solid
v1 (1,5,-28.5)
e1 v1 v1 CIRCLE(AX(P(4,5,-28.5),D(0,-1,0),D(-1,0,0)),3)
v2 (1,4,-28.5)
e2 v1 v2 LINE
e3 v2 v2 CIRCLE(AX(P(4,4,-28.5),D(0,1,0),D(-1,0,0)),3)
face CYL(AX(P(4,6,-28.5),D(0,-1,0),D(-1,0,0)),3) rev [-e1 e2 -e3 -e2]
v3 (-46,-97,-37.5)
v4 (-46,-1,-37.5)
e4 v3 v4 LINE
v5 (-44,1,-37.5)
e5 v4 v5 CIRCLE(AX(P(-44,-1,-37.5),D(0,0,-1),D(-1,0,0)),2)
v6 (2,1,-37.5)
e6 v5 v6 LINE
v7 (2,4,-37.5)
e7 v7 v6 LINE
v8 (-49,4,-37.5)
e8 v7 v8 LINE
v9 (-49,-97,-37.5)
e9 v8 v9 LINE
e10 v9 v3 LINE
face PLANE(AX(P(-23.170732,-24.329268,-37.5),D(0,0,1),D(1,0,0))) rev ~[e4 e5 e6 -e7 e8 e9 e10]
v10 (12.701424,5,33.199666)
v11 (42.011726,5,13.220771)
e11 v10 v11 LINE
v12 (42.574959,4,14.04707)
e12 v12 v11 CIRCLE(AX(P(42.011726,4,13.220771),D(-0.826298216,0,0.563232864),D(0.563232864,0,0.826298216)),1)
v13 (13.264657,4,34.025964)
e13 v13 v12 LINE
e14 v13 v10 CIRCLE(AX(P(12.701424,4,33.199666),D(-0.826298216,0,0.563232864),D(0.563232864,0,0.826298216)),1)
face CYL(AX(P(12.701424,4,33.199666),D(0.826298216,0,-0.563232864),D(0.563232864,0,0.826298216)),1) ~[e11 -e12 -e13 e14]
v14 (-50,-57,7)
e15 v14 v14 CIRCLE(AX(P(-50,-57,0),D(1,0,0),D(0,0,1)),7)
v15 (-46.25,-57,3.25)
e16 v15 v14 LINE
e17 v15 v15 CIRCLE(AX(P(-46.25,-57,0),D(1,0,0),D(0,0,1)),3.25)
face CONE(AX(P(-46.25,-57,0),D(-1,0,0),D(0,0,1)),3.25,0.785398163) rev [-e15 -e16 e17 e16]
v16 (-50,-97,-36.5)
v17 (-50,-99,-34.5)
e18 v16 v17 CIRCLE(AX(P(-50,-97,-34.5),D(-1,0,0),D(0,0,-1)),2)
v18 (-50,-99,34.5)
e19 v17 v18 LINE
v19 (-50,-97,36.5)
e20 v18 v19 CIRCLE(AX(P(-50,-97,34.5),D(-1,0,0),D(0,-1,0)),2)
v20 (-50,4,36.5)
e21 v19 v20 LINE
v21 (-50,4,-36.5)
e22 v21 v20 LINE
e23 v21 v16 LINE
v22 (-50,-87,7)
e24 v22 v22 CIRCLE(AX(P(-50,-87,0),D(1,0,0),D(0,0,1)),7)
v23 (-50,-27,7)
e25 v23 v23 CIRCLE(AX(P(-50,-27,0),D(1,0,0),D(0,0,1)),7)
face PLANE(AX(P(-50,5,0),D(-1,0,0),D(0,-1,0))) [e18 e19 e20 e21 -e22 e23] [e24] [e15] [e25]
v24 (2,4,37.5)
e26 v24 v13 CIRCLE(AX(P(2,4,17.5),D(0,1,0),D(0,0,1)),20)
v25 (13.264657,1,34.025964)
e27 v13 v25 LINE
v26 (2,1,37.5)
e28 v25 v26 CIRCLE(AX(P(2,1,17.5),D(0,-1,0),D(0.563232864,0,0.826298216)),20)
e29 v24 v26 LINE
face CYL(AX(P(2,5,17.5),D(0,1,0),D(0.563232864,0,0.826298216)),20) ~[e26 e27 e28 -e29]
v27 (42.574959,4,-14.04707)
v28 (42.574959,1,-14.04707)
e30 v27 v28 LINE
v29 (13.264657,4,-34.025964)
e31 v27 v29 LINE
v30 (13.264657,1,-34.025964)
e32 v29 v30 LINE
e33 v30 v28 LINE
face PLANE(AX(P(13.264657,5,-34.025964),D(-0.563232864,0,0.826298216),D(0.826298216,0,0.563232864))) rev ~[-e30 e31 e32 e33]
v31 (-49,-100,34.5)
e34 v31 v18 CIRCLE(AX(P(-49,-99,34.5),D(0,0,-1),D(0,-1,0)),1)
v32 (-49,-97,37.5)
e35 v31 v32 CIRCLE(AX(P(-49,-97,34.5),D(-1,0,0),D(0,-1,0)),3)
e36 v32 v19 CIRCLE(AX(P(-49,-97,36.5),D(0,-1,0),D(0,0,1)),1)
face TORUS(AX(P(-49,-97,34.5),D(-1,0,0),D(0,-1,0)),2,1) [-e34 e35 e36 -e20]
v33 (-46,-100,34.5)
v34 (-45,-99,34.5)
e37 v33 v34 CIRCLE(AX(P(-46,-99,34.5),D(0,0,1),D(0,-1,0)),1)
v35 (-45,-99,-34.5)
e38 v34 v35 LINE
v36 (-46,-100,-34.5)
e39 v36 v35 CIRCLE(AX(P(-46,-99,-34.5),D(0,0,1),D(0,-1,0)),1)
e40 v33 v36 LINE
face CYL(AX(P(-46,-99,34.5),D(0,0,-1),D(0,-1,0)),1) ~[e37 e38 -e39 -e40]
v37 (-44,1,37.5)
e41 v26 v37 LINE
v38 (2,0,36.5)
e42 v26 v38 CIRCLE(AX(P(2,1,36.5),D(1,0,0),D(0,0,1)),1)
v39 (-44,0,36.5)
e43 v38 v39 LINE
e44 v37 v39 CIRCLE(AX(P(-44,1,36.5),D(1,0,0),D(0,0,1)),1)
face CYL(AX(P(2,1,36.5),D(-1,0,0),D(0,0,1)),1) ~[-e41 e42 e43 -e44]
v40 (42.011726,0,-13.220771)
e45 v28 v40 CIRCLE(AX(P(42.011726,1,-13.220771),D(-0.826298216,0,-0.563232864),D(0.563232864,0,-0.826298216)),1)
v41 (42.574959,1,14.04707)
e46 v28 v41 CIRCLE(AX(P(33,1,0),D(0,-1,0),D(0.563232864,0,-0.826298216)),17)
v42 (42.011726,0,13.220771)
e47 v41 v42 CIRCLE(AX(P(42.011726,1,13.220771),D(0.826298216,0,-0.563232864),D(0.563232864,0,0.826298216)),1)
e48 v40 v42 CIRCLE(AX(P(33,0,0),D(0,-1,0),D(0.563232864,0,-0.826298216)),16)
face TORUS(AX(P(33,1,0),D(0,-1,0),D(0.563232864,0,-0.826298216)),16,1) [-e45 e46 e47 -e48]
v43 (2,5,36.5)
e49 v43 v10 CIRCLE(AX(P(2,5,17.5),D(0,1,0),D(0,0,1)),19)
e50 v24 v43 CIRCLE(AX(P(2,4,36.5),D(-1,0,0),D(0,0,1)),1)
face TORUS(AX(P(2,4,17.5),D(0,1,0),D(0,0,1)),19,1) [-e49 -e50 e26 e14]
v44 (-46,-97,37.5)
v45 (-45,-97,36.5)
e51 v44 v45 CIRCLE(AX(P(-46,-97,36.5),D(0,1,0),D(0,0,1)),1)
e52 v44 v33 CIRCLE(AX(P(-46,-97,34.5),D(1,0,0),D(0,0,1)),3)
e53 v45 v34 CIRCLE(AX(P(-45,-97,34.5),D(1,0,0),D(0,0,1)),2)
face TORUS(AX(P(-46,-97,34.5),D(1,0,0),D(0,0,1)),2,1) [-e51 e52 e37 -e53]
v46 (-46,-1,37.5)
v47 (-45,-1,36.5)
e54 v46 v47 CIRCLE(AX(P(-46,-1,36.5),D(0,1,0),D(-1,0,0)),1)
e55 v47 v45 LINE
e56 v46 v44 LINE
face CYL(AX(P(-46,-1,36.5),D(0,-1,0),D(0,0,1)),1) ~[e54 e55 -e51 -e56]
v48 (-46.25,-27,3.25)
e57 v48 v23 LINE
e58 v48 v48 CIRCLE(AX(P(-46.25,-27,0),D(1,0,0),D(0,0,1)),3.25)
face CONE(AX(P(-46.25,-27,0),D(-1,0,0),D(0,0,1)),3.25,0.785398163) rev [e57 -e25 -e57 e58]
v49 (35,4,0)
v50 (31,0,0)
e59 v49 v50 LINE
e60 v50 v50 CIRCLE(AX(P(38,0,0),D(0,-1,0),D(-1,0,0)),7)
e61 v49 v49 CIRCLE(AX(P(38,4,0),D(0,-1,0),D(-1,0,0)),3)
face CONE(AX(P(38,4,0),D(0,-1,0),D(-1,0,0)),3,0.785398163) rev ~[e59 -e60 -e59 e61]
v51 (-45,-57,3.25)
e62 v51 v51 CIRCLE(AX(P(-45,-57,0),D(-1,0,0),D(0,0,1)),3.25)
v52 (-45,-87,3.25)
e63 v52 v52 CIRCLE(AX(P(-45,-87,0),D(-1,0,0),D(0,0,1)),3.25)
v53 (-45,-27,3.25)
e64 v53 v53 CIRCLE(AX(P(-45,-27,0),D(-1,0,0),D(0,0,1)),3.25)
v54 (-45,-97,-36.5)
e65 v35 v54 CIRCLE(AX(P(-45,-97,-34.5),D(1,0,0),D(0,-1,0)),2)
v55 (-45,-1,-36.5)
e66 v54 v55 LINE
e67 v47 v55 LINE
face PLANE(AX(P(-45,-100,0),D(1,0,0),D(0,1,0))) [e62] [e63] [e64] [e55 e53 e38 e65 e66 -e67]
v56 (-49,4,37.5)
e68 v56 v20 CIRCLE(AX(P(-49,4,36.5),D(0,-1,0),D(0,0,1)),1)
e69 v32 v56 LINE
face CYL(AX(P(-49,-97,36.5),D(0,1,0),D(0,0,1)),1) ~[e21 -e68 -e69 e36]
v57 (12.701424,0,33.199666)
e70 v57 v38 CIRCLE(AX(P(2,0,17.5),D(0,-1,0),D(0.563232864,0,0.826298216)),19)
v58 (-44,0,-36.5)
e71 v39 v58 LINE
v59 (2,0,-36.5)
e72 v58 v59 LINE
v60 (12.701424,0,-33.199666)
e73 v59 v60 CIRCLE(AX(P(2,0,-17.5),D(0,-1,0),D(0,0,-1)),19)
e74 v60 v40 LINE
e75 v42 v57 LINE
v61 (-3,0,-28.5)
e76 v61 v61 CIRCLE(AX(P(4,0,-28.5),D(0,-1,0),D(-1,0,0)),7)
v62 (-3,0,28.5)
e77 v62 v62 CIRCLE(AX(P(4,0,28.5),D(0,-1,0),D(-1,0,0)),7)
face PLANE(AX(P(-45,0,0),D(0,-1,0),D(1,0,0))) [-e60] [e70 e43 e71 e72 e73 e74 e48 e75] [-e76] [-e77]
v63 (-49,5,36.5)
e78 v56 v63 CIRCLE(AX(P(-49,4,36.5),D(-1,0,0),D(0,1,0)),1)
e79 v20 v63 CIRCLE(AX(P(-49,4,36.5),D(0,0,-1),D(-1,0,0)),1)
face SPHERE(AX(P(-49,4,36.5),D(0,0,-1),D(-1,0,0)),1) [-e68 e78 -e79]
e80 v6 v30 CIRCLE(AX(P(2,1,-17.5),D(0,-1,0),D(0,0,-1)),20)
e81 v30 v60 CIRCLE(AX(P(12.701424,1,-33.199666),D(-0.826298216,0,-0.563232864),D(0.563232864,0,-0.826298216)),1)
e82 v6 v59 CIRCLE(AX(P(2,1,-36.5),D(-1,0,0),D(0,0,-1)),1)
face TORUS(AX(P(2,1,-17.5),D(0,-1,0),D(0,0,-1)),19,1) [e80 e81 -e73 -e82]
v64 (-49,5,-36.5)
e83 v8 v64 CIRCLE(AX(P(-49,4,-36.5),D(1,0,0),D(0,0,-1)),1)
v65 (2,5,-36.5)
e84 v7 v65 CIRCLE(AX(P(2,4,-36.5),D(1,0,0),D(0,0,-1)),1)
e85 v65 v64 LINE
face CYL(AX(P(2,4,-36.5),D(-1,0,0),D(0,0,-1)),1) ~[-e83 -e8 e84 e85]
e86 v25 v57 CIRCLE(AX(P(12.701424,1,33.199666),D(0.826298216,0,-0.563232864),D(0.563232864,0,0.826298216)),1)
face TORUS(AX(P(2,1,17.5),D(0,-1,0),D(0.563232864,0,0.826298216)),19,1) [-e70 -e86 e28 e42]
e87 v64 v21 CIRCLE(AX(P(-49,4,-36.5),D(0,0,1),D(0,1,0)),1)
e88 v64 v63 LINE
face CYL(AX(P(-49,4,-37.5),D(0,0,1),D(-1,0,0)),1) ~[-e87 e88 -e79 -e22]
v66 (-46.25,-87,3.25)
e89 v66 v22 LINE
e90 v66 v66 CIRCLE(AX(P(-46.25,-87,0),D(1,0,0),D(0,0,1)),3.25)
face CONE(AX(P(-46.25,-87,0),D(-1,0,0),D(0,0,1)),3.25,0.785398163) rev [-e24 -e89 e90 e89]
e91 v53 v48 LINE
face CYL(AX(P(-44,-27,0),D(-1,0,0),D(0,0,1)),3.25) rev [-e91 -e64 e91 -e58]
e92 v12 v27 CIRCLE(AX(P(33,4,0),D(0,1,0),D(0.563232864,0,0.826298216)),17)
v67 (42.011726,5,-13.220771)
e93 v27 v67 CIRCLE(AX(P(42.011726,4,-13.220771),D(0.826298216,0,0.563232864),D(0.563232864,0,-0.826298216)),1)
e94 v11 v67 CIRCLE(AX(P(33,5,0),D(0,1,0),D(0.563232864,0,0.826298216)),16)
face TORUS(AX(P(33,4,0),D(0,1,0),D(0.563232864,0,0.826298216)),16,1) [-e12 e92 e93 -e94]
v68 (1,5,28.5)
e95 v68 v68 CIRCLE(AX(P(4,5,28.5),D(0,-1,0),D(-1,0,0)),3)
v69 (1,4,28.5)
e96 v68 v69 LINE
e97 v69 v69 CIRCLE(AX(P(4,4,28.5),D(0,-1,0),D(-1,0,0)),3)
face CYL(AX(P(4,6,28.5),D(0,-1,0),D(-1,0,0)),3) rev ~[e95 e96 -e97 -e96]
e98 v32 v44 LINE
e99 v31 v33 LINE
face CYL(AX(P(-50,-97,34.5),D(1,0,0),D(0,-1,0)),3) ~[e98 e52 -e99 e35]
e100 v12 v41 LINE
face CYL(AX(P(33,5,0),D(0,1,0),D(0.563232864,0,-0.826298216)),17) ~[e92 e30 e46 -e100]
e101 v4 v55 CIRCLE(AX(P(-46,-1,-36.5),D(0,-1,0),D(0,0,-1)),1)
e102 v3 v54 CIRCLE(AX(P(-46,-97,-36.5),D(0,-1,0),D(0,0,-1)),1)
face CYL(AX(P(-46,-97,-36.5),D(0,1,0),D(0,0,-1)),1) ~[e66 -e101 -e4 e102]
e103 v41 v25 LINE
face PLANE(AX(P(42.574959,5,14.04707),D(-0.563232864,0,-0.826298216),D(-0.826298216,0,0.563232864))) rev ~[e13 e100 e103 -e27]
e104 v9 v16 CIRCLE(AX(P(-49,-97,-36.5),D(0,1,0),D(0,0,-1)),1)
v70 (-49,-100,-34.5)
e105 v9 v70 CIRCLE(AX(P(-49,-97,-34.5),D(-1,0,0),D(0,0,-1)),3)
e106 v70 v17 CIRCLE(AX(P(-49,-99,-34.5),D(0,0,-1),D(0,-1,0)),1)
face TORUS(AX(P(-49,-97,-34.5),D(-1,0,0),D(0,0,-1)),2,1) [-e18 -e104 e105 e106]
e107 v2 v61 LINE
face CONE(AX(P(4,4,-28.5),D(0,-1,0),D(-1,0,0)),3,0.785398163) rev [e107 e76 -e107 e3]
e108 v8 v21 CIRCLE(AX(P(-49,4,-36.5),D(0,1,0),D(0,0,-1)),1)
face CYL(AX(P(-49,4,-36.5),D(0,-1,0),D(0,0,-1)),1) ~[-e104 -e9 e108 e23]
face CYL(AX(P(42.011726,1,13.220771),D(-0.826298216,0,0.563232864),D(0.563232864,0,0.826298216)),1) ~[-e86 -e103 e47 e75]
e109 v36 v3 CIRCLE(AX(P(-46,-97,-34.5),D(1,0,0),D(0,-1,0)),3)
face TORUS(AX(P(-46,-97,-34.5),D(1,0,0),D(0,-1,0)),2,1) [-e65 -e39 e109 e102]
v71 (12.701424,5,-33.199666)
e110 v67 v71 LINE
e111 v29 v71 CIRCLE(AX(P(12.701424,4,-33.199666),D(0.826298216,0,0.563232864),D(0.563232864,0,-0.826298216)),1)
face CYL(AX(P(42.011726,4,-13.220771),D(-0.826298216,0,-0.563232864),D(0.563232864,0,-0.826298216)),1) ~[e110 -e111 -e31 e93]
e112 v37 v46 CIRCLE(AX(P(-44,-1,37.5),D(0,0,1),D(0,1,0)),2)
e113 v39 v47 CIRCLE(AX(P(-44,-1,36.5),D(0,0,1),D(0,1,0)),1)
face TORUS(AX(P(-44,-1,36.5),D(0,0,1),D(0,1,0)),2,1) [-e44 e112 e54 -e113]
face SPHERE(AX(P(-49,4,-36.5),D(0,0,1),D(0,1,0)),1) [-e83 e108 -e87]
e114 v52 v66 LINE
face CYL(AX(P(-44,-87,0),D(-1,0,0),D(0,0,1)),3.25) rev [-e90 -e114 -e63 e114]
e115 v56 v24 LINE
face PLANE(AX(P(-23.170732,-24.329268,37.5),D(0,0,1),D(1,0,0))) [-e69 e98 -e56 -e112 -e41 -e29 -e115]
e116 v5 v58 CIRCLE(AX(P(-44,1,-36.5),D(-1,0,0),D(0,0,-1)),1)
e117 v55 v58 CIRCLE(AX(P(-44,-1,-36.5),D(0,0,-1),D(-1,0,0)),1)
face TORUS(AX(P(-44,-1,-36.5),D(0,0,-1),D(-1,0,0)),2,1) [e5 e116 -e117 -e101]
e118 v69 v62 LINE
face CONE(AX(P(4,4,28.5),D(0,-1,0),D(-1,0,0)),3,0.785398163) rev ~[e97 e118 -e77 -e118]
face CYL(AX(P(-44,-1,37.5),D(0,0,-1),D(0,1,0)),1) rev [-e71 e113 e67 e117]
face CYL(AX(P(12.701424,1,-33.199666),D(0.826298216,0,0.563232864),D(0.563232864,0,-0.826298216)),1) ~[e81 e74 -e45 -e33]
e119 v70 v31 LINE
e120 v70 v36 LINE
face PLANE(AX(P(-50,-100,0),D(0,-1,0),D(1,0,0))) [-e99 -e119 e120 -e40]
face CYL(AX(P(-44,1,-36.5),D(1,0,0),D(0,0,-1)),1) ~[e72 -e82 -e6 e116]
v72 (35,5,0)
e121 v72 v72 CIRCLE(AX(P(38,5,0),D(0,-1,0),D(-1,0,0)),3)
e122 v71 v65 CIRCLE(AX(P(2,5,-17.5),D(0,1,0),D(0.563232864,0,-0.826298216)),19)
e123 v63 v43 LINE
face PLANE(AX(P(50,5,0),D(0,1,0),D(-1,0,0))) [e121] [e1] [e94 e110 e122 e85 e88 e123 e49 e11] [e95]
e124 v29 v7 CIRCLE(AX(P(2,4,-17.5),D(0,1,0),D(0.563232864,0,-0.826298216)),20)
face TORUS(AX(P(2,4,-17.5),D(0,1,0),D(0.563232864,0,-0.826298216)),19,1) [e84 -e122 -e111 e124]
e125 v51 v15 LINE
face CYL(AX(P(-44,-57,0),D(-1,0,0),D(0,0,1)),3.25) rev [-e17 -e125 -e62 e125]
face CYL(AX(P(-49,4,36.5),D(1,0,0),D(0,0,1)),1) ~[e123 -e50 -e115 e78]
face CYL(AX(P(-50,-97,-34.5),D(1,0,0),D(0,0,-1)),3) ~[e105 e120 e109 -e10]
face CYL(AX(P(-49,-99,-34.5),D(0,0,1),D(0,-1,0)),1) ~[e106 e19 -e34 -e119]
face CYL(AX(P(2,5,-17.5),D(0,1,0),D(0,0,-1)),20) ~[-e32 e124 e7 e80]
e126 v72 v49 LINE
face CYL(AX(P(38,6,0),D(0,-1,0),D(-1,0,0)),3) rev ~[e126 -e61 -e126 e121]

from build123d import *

# Parameters (mm, degrees)
BOSS_EXTRU_1_DEPTH         = 37.5
CONG_1_R                   = 1
CONG_2_R                   = 1
ENL_V_MAT_EXTRU_1_DEPTH    = 106
CONG_3_R                   = 3
CONG_4_R                   = 3
R_P_TITION_LIN_AIRE2_COUNT = 3
R_P_TITION_LIN_AIRE2_PITCH = 30
CONG_5_R                   = 1


with BuildPart() as part:
    # Esquisse1 → Boss.-Extru.1 (new body, symmetric)
    with BuildSketch(Plane.XY):
        Polygon((50, 0), (50, 5), (-50, 5), (-50, -100), (-45, -100), (-45, 0), align=None)
    extrude(amount=BOSS_EXTRU_1_DEPTH, both=True)

    # Congé1
    cong_1_edges = [part.edges().sort_by_distance(p)[0] for p in [
        (-50, 5, 0),
    ]]
    fillet(cong_1_edges, radius=CONG_1_R)

    # Congé2
    cong_2_edges = [part.edges().sort_by_distance(p)[0] for p in [
        (-45, 0, 0),
    ]]
    fillet(cong_2_edges, radius=CONG_2_R)

    # Esquisse2 → Enlèv. mat.-Extru.1 (cut, through all)
    with BuildSketch(Plane(origin=(0, 5, 0), x_dir=(1, 0, 0), z_dir=(0, 1, 0))):
        with BuildLine():
            Line((13.264657274, 34.025964314), (42.574958683, 14.047069667))
            ThreePointArc((42.574958683, 14.047069667), (50, 0), (42.574958683, -14.047069667))
            Line((42.574958683, -14.047069667), (13.264657274, -34.025964314))
            ThreePointArc((13.264657274, -34.025964314), (7.894095084, -36.611767138), (2, -37.5))
            Line((2, -37.5), (2, -49.357406445))
            Line((2, -49.357406445), (93.230488108, -49.357406445))
            Line((93.230488108, -49.357406445), (93.230488108, 49.357406445))
            Line((93.230488108, 49.357406445), (2, 49.357406445))
            Line((2, 49.357406445), (2, 37.5))
            ThreePointArc((2, 37.5), (7.894095084, 36.611767138), (13.264657274, 34.025964314))
        make_face()
    extrude(amount=-ENL_V_MAT_EXTRU_1_DEPTH, mode=Mode.SUBTRACT)

    # Congé3
    cong_3_edges = [part.edges().sort_by_distance(p)[0] for p in [
        (-47.5, -100, -37.5),
    ]]
    fillet(cong_3_edges, radius=CONG_3_R)

    # Congé4
    cong_4_edges = [part.edges().sort_by_distance(p)[0] for p in [
        (-47.5, -100, 37.5),
    ]]
    fillet(cong_4_edges, radius=CONG_4_R)

    # Esquisse5 → Enlèvement de matière-Révolution2 (revolve, cut)
    with BuildSketch(Plane.XY, mode=Mode.PRIVATE) as enl_vement_de_mati_re_r_volution2_sk:
        Polygon((-44, -87), (-44, -83.75), (-46.25, -83.75), (-50, -80), (-50, -87), align=None)
    enl_vement_de_mati_re_r_volution2 = revolve(enl_vement_de_mati_re_r_volution2_sk.sketch.rotate(Axis((-72.134969263, -87, 0), (1, 0, 0)), 90), axis=Axis((-72.134969263, -87, 0), (1, 0, 0)), mode=Mode.SUBTRACT)  # turned: the seam where the file's is

    # Répétition linéaire2: Enlèvement de matière-Révolution2 ×3
    with Locations(*[(0, i * R_P_TITION_LIN_AIRE2_PITCH, 0) for i in range(1, R_P_TITION_LIN_AIRE2_COUNT)]):
        add(enl_vement_de_mati_re_r_volution2, mode=Mode.SUBTRACT)

    # Congé5
    cong_5_edges = [part.edges().sort_by_distance(p)[0] for p in [
        (-50, -46.5, -37.5),
        (-50, -46.5, 37.5),
        (-49.707106781, 4.707106781, -37.5),
        (-49.707106781, 4.707106781, 37.5),
        (-21, 0, -37.5),
        (-21, 0, 37.5),
        (-44.707106781, -0.292893219, 37.5),
        (-44.707106781, -0.292893219, -37.5),
        (-23.5, 5, -37.5),
        (-23.5, 5, 37.5),
        (27.919807978, 0, 24.03651699),
        (50, 0, 0),
        (27.919807978, 0, -24.03651699),
        (7.894095084, 0, 36.611767138),
        (7.894095084, 0, -36.611767138),
        (50, 5, 0),
        (7.894095084, 5, -36.611767138),
        (27.919807978, 5, -24.03651699),
        (27.919807978, 5, 24.03651699),
        (7.894095084, 5, 36.611767138),
        (-45, -49, -37.5),
        (-45, -99.121320344, -36.621320344),
        (-50, -99.121320344, -36.621320344),
        (-45, -49, 37.5),
        (-50, -100, 0),
        (-45, -100, 0),
        (-50, -99.121320344, 36.621320344),
        (-45, -99.121320344, 36.621320344),
    ]]
    fillet(cong_5_edges, radius=CONG_5_R)

    # Esquisse6 → Enlèvement de matière-Révolution3 (revolve, cut)
    with BuildSketch(Plane.XY):
        Polygon((38, 6), (35, 6), (35, 4), (30, -1), (38, -1), align=None)
    revolve(axis=Axis((38, 8.257594869, 0), (0, -1, 0)), mode=Mode.SUBTRACT)

    # Esquisse10 → Enlèvement de matière-Révolution5 (revolve, cut)
    with BuildSketch(Plane.XY.offset(28.5)):
        Polygon((4, 6), (1, 6), (1, 4), (-4, -1), (4, -1), align=None)
    enl_vement_de_mati_re_r_volution5 = revolve(axis=Axis((4, 7.732158055, 28.5), (0, -1, 0)), mode=Mode.SUBTRACT)

    # Symétrie1: Enlèvement de matière-Révolution5 across plane
    add(enl_vement_de_mati_re_r_volution5.mirror(Plane.XY), mode=Mode.SUBTRACT)


solid = part.part
